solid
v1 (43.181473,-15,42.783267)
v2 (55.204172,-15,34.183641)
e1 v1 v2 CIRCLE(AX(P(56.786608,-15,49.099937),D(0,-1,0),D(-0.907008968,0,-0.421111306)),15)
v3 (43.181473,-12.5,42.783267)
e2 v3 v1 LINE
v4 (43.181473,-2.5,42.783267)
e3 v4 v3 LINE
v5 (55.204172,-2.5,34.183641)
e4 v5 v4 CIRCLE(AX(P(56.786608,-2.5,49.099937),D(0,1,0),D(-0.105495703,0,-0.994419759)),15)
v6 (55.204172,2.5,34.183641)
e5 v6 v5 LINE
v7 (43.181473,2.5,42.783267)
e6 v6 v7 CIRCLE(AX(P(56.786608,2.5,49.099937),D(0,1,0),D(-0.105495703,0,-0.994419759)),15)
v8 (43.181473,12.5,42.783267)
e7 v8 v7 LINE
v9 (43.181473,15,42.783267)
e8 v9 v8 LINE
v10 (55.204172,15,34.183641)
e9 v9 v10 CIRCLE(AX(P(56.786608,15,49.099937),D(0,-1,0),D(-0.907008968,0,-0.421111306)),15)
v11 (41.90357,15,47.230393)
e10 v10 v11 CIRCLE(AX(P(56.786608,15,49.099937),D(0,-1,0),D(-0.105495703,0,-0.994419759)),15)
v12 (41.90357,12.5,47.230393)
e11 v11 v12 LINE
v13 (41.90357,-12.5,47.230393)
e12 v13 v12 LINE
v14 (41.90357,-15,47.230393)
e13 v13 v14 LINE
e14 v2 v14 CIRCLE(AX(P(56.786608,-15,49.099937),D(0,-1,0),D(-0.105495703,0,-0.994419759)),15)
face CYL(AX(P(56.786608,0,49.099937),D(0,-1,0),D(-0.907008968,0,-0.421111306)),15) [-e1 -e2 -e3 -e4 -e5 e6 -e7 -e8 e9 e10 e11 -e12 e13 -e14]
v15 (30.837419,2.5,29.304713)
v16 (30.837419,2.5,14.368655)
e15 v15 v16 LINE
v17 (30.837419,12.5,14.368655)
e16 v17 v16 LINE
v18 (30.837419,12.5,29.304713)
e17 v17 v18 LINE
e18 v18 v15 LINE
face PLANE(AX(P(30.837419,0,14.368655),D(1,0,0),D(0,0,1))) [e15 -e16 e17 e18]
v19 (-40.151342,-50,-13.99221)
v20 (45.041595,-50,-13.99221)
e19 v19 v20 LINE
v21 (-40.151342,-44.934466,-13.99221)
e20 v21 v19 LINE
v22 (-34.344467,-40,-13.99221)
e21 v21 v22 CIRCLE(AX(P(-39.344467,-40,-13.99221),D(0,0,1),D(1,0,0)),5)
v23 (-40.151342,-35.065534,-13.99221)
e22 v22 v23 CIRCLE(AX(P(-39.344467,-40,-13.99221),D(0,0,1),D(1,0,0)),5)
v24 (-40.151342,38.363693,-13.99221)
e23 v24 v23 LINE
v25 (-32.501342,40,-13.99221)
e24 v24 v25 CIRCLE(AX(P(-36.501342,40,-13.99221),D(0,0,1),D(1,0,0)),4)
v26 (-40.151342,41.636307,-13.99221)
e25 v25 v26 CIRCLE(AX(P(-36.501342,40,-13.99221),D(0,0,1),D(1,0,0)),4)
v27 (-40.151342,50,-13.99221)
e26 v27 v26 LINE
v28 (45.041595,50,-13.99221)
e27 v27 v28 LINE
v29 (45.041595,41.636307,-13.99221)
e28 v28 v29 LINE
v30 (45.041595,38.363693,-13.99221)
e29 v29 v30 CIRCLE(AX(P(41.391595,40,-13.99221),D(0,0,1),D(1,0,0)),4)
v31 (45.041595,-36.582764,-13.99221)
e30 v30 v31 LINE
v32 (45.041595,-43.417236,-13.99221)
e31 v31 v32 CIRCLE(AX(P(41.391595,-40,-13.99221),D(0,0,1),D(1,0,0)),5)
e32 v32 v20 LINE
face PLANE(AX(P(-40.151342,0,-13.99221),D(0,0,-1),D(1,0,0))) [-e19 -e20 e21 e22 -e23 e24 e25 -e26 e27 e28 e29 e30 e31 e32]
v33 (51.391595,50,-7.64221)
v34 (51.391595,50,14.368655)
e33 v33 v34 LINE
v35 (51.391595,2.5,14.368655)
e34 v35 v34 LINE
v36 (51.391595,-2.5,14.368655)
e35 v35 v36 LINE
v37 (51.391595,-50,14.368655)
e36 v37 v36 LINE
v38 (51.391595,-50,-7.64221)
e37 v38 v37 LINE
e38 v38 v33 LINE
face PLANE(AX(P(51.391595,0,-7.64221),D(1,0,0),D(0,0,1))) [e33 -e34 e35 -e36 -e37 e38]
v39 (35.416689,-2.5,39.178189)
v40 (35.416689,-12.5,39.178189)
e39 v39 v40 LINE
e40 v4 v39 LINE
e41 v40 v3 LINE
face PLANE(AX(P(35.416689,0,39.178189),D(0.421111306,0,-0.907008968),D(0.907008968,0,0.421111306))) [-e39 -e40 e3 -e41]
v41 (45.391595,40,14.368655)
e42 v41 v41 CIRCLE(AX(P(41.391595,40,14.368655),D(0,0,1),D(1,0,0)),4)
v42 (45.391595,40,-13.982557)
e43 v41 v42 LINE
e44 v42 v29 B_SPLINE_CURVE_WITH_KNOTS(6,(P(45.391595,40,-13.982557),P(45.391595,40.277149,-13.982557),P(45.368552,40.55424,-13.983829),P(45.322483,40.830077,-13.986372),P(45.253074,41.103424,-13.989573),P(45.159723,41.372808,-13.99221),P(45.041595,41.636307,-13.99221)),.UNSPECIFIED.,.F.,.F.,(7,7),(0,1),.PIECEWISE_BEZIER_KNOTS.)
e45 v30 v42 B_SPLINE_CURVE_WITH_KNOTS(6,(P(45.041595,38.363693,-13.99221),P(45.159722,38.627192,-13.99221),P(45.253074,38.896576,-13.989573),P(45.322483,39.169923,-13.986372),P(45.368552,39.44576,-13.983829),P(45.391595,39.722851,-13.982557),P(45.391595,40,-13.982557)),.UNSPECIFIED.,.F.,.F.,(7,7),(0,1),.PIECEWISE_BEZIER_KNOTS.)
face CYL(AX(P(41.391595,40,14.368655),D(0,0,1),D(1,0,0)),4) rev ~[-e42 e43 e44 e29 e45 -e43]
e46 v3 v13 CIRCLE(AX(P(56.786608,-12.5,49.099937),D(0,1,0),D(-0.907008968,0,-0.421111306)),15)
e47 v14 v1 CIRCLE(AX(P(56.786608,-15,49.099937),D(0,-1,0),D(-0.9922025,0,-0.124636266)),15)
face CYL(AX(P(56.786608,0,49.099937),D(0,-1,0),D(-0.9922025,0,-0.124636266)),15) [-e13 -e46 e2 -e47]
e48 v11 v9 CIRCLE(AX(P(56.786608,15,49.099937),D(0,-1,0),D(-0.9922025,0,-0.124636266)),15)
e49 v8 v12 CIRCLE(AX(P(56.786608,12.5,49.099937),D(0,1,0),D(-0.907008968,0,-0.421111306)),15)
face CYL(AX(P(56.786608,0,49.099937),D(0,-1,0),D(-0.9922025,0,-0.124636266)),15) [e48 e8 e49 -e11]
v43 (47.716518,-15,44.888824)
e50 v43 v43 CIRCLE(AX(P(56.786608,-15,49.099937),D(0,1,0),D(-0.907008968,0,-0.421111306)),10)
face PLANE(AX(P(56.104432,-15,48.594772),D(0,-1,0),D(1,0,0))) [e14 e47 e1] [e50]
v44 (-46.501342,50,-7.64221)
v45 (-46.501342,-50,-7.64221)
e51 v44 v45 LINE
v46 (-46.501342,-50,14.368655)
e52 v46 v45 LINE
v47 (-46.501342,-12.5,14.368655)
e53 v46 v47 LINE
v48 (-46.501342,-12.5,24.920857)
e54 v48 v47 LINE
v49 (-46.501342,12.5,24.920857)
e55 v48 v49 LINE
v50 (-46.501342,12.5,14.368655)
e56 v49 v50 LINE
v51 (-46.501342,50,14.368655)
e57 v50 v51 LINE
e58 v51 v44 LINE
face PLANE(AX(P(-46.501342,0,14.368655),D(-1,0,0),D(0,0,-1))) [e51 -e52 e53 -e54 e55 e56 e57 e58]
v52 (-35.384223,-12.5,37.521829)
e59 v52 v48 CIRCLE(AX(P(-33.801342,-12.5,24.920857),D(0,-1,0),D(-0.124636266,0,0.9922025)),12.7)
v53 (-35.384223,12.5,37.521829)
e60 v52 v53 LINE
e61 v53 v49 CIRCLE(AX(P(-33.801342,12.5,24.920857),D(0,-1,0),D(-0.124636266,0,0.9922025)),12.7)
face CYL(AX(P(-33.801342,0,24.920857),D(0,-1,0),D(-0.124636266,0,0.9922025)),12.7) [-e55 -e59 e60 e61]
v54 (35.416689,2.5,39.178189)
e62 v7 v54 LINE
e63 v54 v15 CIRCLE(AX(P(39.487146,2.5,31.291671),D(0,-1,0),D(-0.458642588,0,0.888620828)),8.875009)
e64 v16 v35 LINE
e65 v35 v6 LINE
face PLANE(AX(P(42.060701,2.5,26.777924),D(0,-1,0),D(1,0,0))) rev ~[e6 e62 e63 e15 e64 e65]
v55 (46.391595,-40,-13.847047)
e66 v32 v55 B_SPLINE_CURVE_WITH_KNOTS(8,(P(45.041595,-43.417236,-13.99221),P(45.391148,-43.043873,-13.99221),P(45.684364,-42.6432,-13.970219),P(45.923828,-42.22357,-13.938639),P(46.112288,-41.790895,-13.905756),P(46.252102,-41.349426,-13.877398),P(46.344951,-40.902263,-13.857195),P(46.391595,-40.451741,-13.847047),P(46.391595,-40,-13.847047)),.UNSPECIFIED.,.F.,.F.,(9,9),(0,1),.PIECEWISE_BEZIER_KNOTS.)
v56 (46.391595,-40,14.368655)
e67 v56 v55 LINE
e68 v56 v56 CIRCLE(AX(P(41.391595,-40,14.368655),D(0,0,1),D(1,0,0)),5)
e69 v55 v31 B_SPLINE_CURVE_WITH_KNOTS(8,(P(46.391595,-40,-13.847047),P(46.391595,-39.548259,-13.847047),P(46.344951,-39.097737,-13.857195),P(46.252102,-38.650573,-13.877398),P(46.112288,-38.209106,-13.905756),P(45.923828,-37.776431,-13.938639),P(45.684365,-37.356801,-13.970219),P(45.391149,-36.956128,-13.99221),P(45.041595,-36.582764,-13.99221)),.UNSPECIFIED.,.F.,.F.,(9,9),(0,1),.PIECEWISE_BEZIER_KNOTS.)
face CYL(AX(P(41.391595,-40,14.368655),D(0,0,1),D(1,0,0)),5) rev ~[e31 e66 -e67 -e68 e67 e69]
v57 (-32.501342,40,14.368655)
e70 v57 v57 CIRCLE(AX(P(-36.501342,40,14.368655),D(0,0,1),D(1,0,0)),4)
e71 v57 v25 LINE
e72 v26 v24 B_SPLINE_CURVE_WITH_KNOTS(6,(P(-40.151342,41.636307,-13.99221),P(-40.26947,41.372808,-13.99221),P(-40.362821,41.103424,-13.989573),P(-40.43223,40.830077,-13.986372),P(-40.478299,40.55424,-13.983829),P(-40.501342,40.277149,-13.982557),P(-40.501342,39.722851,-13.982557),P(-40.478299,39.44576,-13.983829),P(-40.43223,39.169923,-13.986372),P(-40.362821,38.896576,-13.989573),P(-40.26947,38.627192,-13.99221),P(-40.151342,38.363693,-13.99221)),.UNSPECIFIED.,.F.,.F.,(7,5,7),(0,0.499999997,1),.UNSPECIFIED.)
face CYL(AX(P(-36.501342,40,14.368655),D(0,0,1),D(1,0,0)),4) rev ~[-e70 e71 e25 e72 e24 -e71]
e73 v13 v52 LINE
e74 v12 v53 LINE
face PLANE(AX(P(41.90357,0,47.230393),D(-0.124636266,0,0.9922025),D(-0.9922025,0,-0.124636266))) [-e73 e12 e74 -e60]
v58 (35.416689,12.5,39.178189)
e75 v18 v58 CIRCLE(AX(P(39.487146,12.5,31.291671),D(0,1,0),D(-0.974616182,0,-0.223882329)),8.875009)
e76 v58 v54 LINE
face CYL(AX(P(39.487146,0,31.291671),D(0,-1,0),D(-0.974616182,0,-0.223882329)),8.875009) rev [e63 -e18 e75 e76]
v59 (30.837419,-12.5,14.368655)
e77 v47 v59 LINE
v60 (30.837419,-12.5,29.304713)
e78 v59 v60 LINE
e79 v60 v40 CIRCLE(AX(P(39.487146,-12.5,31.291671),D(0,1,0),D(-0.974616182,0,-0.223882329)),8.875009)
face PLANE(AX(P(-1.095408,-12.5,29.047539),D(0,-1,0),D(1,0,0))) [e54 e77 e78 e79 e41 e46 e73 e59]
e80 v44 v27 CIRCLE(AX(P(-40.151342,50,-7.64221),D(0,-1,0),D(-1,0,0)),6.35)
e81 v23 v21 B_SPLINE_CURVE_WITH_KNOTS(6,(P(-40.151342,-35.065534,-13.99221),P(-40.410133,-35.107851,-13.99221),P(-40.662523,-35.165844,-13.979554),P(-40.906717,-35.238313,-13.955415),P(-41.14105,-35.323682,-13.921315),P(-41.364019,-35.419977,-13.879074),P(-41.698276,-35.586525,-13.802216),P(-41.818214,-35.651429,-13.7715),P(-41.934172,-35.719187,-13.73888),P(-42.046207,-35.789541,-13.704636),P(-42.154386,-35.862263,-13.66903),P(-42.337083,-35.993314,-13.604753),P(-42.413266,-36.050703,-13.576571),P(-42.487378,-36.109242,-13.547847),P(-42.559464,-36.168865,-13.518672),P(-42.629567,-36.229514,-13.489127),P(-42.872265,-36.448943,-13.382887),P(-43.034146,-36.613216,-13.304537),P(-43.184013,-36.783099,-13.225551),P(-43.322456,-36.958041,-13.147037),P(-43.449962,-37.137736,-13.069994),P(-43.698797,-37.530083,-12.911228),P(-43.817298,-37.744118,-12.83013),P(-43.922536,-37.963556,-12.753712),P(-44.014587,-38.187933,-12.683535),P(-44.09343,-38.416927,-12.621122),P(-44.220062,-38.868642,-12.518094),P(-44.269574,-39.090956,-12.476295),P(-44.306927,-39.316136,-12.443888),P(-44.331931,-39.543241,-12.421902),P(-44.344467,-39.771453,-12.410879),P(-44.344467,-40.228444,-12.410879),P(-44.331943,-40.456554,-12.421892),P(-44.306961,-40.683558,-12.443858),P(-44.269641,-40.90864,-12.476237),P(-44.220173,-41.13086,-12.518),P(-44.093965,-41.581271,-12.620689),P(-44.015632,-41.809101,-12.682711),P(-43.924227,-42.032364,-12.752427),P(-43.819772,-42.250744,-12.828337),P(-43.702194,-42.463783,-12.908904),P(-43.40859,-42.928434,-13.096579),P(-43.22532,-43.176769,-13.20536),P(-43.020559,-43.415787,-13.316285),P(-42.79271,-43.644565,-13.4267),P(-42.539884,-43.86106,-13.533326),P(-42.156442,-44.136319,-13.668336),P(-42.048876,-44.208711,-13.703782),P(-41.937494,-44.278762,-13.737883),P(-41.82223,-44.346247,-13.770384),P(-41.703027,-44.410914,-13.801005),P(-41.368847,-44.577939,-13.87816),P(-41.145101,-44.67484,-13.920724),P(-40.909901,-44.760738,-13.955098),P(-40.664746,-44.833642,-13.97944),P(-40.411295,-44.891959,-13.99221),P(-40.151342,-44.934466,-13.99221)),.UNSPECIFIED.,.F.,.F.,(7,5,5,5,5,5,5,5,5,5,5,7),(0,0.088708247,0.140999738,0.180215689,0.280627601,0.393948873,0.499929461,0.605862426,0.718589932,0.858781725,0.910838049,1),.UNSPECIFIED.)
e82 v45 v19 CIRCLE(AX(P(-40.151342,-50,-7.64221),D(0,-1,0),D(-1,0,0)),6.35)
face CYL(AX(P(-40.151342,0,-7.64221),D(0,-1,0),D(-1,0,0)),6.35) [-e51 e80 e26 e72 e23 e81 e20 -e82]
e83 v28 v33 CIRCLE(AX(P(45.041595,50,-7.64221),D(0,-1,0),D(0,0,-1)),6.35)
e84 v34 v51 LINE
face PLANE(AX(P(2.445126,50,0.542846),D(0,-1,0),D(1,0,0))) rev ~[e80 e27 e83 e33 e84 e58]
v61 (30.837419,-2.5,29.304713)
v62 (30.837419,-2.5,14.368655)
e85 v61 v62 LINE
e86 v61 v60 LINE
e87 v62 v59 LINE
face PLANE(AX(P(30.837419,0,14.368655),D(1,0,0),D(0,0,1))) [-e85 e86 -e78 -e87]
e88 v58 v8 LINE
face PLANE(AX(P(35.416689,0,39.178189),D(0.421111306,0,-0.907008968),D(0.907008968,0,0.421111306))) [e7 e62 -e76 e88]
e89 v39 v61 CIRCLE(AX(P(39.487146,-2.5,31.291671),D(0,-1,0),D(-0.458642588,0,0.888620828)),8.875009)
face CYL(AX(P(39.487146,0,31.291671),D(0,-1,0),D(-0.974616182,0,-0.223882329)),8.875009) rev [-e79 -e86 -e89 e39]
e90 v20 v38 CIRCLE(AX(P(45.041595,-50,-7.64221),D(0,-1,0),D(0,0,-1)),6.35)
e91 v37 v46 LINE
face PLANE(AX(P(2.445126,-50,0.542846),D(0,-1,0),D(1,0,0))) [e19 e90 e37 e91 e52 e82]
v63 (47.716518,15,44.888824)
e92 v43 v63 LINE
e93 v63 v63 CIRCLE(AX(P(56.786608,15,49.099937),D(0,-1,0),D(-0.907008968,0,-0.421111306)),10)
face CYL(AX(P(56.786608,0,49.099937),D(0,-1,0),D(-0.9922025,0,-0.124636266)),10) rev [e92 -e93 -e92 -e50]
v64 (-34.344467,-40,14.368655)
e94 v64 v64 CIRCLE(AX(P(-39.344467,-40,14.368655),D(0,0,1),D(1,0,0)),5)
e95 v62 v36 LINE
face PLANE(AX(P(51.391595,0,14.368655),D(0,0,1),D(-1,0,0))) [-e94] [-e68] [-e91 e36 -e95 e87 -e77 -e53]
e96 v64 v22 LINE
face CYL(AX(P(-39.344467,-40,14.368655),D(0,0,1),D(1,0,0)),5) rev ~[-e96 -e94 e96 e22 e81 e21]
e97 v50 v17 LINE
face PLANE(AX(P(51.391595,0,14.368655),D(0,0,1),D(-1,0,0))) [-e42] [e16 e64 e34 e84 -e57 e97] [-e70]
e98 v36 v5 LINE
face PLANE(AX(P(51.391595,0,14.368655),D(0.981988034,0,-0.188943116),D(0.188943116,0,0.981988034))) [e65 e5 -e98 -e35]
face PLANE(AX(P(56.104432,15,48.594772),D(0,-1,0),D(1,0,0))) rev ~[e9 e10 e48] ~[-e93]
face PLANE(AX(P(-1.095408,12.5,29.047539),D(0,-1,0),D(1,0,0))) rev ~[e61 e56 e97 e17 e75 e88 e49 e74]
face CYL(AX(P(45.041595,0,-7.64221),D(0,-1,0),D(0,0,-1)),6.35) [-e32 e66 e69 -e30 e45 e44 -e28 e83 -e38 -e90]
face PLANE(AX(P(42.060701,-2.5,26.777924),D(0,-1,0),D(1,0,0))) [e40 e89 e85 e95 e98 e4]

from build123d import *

# Parameters (mm, degrees)
F1_DEPTH = 50
F2_DEPTH = 12.5
F3_DEPTH = 2.5
F4_DEPTH = 15
F5_DEPTH = 15
F6_R     = 4
F6_R_2   = 5
F7_DEPTH = 28.3608646168


with BuildPart() as f1:
    # F0 (on Front) → F1 (new body, symmetric)
    with BuildSketch(Plane.XZ):
        with BuildLine():
            Line((30.8374185115, 14.368654698), (-46.5013422072, 14.368654698))
            Line((-46.5013422072, 14.368654698), (-46.5013422072, -7.6422099188))
            ThreePointArc((-46.5013422072, -7.6422099188), (-44.6414702677, -12.1323379793), (-40.1513422072, -13.9922099188))
            Line((-40.1513422072, -13.9922099188), (45.0415951966, -13.9922099188))
            ThreePointArc((45.0415951966, -13.9922099188), (49.5317232571, -12.1323379793), (51.3915951966, -7.6422099188))
            Line((51.3915951966, -7.6422099188), (51.3915951966, 14.368654698))
            Line((51.3915951966, 14.368654698), (30.8374185115, 14.368654698))
        make_face()
    extrude(amount=F1_DEPTH, both=True)

    # F0 (on Front) → F2 (join, symmetric)
    with BuildSketch(Plane.XZ):
        with BuildLine():
            Line((-46.5013422072, 24.9208568856), (-46.5013422072, 14.368654698))
            Line((-46.5013422072, 14.368654698), (30.8374185115, 14.368654698))
            Line((30.8374185115, 14.368654698), (30.8374185115, 29.3047134256))
            ThreePointArc((30.8374185115, 29.3047134256), (31.435925298, 35.0257883198), (35.4166887701, 39.1781888902))
            Line((35.4166887701, 39.1781888902), (43.1814734347, 42.7832674845))
            ThreePointArc((43.1814734347, 42.7832674845), (42.3700127292, 44.9572589365), (41.9035704488, 47.2303930965))
            Line((41.9035704488, 47.2303930965), (-35.384222781, 37.5218286374))
            ThreePointArc((-35.384222781, 37.5218286374), (-43.324802274, 33.3228630958), (-46.5013422072, 24.9208568856))
        make_face()
    extrude(amount=F2_DEPTH, both=True)

    # F0 (on Front) → F3 (join, symmetric)
    with BuildSketch(Plane.XZ):
        with BuildLine():
            Line((30.8374185115, 29.3047134256), (30.8374185115, 14.368654698))
            Line((30.8374185115, 14.368654698), (51.3915951966, 14.368654698))
            Line((51.3915951966, 14.368654698), (55.2041724073, 34.1836406995))
            ThreePointArc((55.2041724073, 34.1836406995), (48.0599839593, 36.8996898007), (43.1814734347, 42.7832674845))
            Line((43.1814734347, 42.7832674845), (35.4166887701, 39.1781888902))
            ThreePointArc((35.4166887701, 39.1781888902), (31.435925298, 35.0257883198), (30.8374185115, 29.3047134256))
        make_face()
    extrude(amount=F3_DEPTH, both=True)

    # F0 (on Front) → F4 (join, symmetric)
    with BuildSketch(Plane.XZ):
        with BuildLine():
            Line((46.8645829495, 47.8535744248), (41.9035704488, 47.2303930965))
            ThreePointArc((41.9035704488, 47.2303930965), (42.3700127292, 44.9572589365), (43.1814734347, 42.7832674845))
            Line((43.1814734347, 42.7832674845), (47.7165182734, 44.8888240168))
            ThreePointArc((47.7165182734, 44.8888240168), (47.1755444697, 46.3381516515), (46.8645829495, 47.8535744248))
        make_face()
    extrude(amount=F4_DEPTH, both=True)

    # F0 (on Front) → F5 (join, symmetric)
    with BuildSketch(Plane.XZ):
        with BuildLine():
            ThreePointArc((43.1814734347, 42.7832674845), (48.0599839593, 36.8996898007), (55.2041724073, 34.1836406995))
            ThreePointArc((55.2041724073, 34.1836406995), (66.8181448931, 37.9478849573), (71.7866079509, 49.0999370813))
            ThreePointArc((71.7866079509, 49.0999370813), (55.8500083917, 64.0706679007), (41.9035704488, 47.2303930965))
            Line((41.9035704488, 47.2303930965), (46.8645829495, 47.8535744248))
            ThreePointArc((46.8645829495, 47.8535744248), (56.1622082448, 59.0804242942), (66.7866079509, 49.0999370813))
            ThreePointArc((66.7866079509, 49.0999370813), (58.9428898464, 39.3351816626), (47.7165182734, 44.8888240168))
            Line((47.7165182734, 44.8888240168), (43.1814734347, 42.7832674845))
        make_face()
    extrude(amount=F5_DEPTH, both=True)

    # F6 (on face) → F7 (cut, through all)
    with BuildSketch(Plane.XY.offset(14.368654698)):
        with Locations((-36.5013422072, 40)):
            Circle(F6_R)
        with Locations((41.3915951966, 40)):
            Circle(F6_R)
        with Locations((-39.3444672227, -40)):
            Circle(F6_R_2)
        with Locations((41.3915951966, -40)):
            Circle(F6_R_2)
    extrude(amount=-F7_DEPTH, mode=Mode.SUBTRACT)


solid = f1.part
